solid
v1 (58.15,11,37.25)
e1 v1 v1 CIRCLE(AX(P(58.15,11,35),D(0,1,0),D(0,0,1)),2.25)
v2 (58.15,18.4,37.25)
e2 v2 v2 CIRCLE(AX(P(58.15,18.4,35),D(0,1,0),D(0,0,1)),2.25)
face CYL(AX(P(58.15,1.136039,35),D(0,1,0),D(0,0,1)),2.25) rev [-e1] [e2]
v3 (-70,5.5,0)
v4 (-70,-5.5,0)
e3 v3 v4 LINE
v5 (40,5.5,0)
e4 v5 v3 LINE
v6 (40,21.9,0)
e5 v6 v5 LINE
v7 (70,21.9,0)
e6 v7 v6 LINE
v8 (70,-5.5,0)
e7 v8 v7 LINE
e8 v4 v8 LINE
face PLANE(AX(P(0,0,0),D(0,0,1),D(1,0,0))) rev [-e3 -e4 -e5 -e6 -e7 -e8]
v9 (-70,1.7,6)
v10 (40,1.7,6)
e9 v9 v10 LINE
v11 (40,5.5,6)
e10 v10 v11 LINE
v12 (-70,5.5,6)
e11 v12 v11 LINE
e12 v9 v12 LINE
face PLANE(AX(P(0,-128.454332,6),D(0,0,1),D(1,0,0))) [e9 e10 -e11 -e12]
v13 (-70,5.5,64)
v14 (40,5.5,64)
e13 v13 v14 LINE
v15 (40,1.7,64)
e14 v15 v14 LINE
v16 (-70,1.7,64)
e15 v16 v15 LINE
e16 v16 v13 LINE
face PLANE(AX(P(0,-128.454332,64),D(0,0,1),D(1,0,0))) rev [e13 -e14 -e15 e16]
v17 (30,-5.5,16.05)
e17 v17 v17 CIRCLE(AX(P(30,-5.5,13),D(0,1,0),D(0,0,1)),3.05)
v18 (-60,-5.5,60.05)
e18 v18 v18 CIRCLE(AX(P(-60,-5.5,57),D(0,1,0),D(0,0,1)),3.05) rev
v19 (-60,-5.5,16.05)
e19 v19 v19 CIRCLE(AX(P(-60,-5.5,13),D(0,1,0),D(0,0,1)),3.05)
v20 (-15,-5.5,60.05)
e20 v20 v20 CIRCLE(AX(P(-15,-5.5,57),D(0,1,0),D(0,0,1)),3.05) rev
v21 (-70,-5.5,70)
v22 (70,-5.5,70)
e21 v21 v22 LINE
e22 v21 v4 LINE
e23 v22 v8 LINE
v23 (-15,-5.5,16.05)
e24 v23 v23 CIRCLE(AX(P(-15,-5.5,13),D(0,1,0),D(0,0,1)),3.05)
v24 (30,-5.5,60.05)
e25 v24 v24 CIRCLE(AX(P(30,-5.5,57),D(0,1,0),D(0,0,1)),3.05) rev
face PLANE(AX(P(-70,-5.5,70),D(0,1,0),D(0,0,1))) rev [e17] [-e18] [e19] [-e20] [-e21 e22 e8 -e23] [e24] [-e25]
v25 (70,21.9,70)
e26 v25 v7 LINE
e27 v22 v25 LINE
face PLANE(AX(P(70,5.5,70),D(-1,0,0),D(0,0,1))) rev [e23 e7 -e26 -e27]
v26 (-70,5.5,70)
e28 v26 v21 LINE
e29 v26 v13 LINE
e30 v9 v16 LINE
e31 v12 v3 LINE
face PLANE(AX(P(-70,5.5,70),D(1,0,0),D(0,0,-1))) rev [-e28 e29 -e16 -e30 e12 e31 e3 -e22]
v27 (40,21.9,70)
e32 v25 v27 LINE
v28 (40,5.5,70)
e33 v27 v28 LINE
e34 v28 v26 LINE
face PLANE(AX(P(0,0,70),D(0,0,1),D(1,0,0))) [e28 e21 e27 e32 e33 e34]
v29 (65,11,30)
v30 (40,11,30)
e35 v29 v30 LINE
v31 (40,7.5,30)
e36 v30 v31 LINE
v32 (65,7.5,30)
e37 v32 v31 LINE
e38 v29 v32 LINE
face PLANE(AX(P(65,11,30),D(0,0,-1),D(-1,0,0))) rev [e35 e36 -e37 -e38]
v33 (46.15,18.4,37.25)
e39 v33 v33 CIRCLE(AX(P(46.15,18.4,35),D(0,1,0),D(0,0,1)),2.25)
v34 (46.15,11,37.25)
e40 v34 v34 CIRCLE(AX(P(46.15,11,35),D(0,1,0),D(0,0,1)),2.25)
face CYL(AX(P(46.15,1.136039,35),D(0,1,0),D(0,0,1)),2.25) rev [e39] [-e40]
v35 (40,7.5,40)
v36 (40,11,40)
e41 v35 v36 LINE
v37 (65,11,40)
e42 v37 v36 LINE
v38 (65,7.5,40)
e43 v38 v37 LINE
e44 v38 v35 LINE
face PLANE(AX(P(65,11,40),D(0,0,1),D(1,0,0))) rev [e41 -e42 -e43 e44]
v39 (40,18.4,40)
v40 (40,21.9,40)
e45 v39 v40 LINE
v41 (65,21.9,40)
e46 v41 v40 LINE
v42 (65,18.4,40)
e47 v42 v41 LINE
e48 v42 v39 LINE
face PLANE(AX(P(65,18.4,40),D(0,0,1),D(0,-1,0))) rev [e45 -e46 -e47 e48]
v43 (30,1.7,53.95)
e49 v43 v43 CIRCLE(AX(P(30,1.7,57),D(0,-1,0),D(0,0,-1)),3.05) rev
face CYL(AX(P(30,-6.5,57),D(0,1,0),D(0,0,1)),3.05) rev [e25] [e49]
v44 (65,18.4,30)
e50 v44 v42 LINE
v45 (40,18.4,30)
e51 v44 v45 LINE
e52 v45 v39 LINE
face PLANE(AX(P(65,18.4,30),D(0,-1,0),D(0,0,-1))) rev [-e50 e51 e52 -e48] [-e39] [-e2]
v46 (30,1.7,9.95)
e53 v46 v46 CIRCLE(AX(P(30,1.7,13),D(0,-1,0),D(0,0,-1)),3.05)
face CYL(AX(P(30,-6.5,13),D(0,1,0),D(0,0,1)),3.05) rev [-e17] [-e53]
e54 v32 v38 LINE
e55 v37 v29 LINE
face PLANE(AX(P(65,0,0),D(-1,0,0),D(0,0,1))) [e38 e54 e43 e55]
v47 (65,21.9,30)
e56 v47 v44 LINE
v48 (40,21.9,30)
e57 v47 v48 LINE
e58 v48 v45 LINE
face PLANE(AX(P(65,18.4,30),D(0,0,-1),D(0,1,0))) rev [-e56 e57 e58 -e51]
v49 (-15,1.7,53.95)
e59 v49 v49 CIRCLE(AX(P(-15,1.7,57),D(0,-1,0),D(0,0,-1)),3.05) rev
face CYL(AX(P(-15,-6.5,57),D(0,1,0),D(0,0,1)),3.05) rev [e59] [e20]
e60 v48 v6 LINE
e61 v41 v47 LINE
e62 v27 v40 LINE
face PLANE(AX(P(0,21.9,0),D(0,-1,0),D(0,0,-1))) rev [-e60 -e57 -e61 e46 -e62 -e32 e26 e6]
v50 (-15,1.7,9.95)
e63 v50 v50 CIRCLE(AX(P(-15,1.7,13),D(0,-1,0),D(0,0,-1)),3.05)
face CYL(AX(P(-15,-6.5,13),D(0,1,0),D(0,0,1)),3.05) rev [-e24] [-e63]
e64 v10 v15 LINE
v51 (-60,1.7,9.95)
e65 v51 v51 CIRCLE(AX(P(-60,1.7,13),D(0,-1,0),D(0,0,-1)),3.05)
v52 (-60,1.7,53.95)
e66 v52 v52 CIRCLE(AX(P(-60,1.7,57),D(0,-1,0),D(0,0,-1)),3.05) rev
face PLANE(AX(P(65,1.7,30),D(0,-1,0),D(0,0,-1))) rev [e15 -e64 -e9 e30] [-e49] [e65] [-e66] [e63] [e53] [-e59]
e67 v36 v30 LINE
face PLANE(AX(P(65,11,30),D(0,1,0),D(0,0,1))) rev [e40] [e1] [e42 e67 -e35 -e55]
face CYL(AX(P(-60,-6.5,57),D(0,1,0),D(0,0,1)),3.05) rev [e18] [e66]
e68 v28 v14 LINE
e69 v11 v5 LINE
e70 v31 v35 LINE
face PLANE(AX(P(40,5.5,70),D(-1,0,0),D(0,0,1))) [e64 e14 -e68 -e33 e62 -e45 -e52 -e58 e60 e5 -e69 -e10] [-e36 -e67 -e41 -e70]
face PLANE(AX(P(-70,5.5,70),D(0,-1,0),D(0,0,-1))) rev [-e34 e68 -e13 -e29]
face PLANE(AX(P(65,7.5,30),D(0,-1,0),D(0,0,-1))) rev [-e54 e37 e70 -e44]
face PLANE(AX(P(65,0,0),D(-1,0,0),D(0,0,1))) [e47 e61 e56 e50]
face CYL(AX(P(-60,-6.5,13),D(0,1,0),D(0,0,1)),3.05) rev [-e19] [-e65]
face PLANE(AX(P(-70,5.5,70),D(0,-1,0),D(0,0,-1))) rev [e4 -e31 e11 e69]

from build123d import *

# Parameters (mm, degrees)
ESQUISSE1_W             = 140
ESQUISSE1_H             = 11
BOSS_EXTRU_1_DEPTH      = 70
ENL_V_MAT_EXTRU_1_DEPTH = 110
ESQUISSE6_W             = 30
ESQUISSE6_H             = 70
BOSS_EXTRU_3_DEPTH      = 16.4
ESQUISSE9_W             = 10
ESQUISSE9_H             = 3.5
ENL_V_MAT_EXTRU_3_DEPTH = 25
ESQUISSE10_R            = 2.25
ENL_V_MAT_EXTRU_4_DEPTH = 10.8
ESQUISSE12_W            = 110
ESQUISSE12_H            = 29
ESQUISSE12_R            = 3.05
ESQUISSE12_H_2          = 9.4
ENL_V_MAT_EXTRU_6_DEPTH = 3.8
ESQUISSE12_3_R          = 3.05
ENL_V_MAT_EXTRU_7_DEPTH = 12
BOSS_EXTRU_4_REACH      = 103.035
ESQUISSE13_W            = 110
ESQUISSE13_H            = 17.195348208


with BuildPart() as part:
    # Esquisse1 → Boss.-Extru.1 (new body)
    with BuildSketch(Plane.XY):
        Rectangle(ESQUISSE1_W, ESQUISSE1_H)
    extrude(amount=BOSS_EXTRU_1_DEPTH)

    # Esquisse2 → Enlèv. mat.-Extru.1 (cut)
    with BuildSketch(Plane.ZY.offset(70)):
        with BuildLine():
            Line((25.6, 5.5), (44.4, 5.5))
            ThreePointArc((44.4, 5.5), (35, -3.9), (25.6, 5.5))
        make_face()
    extrude(amount=-ENL_V_MAT_EXTRU_1_DEPTH, mode=Mode.SUBTRACT)

    # Esquisse6 → Boss.-Extru.3 (add)
    with BuildSketch(Plane(origin=(0, 5.5, 0), x_dir=(1, 0, 0), z_dir=(0, 1, 0))):
        with Locations((55, -35)):
            Rectangle(ESQUISSE6_W, ESQUISSE6_H)
    extrude(amount=BOSS_EXTRU_3_DEPTH)

    # Esquisse9 → Enlèv. mat.-Extru.3 (cut)
    with BuildSketch(Plane.ZY.offset(-40)):
        with Locations((35, 9.25)):
            Rectangle(ESQUISSE9_W, ESQUISSE9_H)
        with Locations((35, 20.15)):
            Rectangle(ESQUISSE9_W, ESQUISSE9_H)
    extrude(amount=-ENL_V_MAT_EXTRU_3_DEPTH, mode=Mode.SUBTRACT)

    # Esquisse10 → Enlèv. mat.-Extru.4 (cut)
    with BuildSketch(Plane(origin=(0, 18.4, 0), x_dir=(1, 0, 0), z_dir=(0, 1, 0))):
        with Locations(Location((58.15, -35, 0), (0, 0, 270))):
            Circle(ESQUISSE10_R)
        with Locations(Location((46.15, -35, 0), (0, 0, 270))):
            Circle(ESQUISSE10_R)
    extrude(amount=-ENL_V_MAT_EXTRU_4_DEPTH, mode=Mode.SUBTRACT)

    # Esquisse12 → Enlèv. mat.-Extru.6 (cut)
    # profile 1 of 3: a face of its own
    with BuildSketch(Plane(origin=(0, 5.5, 0), x_dir=(1, 0, 0), z_dir=(0, 1, 0))):
        with Locations((-15, -20.5)):
            Rectangle(ESQUISSE12_W, ESQUISSE12_H)
        with Locations(Location((30, -13, 0), (0, 0, 270))):
            Circle(ESQUISSE12_R, mode=Mode.SUBTRACT)
        with Locations(Location((-15, -13, 0), (0, 0, 270))):
            Circle(ESQUISSE12_R, mode=Mode.SUBTRACT)
        with Locations(Location((-60, -13, 0), (0, 0, 270))):
            Circle(ESQUISSE12_R, mode=Mode.SUBTRACT)
    # profile 2 of 3: a face of its own
    with BuildSketch(Plane(origin=(0, 5.5, 0), x_dir=(1, 0, 0), z_dir=(0, 1, 0))):
        with Locations((-15, -49.5)):
            Rectangle(ESQUISSE12_W, ESQUISSE12_H)
        with Locations(Location((-15, -57, 0), (0, 0, 270))):
            Circle(ESQUISSE12_R, mode=Mode.SUBTRACT)
        with Locations(Location((-60, -57, 0), (0, 0, 270))):
            Circle(ESQUISSE12_R, mode=Mode.SUBTRACT)
        with Locations(Location((30, -57, 0), (0, 0, 270))):
            Circle(ESQUISSE12_R, mode=Mode.SUBTRACT)
    # profile 3 of 3: a face of its own
    with BuildSketch(Plane(origin=(0, 5.5, 0), x_dir=(1, 0, 0), z_dir=(0, 1, 0))):
        with Locations((-15, -39.7)):
            Rectangle(ESQUISSE12_W, ESQUISSE12_H_2)
    extrude(amount=-ENL_V_MAT_EXTRU_6_DEPTH, mode=Mode.SUBTRACT)

    # Esquisse12<3> → Enlèv. mat.-Extru.7 (cut)
    with BuildSketch(Plane(origin=(0, 5.5, 0), x_dir=(1, 0, 0), z_dir=(0, 1, 0))):
        with Locations(Location((-60, -13, 0), (0, 0, 270))):
            Circle(ESQUISSE12_3_R)
        with Locations(Location((-15, -13, 0), (0, 0, 270))):
            Circle(ESQUISSE12_3_R)
        with Locations(Location((30, -13, 0), (0, 0, 270))):
            Circle(ESQUISSE12_3_R)
        with Locations(Location((30, -57, 0), (0, 0, 270))):
            Circle(ESQUISSE12_3_R)
        with Locations(Location((-60, -57, 0), (0, 0, 270))):
            Circle(ESQUISSE12_3_R)
        with Locations(Location((-15, -57, 0), (0, 0, 270))):
            Circle(ESQUISSE12_3_R)
    extrude(amount=-ENL_V_MAT_EXTRU_7_DEPTH, mode=Mode.SUBTRACT)

    # Esquisse13 → Boss.-Extru.4 (add, up to next)
    with BuildSketch(Plane(origin=(0, 1.7, 0), x_dir=(1, 0, 0), z_dir=(0, 1, 0)), mode=Mode.PRIVATE) as boss_extru_4_sk1:
        with Locations((-15, -35)):
            Rectangle(ESQUISSE13_W, ESQUISSE13_H)
    boss_extru_4_tool1 = extrude(boss_extru_4_sk1.sketch, amount=-BOSS_EXTRU_4_REACH, mode=Mode.PRIVATE) - part.part
    add(boss_extru_4_tool1.solids().sort_by_distance((-15, 1.7, 35))[0])


solid = part.part
